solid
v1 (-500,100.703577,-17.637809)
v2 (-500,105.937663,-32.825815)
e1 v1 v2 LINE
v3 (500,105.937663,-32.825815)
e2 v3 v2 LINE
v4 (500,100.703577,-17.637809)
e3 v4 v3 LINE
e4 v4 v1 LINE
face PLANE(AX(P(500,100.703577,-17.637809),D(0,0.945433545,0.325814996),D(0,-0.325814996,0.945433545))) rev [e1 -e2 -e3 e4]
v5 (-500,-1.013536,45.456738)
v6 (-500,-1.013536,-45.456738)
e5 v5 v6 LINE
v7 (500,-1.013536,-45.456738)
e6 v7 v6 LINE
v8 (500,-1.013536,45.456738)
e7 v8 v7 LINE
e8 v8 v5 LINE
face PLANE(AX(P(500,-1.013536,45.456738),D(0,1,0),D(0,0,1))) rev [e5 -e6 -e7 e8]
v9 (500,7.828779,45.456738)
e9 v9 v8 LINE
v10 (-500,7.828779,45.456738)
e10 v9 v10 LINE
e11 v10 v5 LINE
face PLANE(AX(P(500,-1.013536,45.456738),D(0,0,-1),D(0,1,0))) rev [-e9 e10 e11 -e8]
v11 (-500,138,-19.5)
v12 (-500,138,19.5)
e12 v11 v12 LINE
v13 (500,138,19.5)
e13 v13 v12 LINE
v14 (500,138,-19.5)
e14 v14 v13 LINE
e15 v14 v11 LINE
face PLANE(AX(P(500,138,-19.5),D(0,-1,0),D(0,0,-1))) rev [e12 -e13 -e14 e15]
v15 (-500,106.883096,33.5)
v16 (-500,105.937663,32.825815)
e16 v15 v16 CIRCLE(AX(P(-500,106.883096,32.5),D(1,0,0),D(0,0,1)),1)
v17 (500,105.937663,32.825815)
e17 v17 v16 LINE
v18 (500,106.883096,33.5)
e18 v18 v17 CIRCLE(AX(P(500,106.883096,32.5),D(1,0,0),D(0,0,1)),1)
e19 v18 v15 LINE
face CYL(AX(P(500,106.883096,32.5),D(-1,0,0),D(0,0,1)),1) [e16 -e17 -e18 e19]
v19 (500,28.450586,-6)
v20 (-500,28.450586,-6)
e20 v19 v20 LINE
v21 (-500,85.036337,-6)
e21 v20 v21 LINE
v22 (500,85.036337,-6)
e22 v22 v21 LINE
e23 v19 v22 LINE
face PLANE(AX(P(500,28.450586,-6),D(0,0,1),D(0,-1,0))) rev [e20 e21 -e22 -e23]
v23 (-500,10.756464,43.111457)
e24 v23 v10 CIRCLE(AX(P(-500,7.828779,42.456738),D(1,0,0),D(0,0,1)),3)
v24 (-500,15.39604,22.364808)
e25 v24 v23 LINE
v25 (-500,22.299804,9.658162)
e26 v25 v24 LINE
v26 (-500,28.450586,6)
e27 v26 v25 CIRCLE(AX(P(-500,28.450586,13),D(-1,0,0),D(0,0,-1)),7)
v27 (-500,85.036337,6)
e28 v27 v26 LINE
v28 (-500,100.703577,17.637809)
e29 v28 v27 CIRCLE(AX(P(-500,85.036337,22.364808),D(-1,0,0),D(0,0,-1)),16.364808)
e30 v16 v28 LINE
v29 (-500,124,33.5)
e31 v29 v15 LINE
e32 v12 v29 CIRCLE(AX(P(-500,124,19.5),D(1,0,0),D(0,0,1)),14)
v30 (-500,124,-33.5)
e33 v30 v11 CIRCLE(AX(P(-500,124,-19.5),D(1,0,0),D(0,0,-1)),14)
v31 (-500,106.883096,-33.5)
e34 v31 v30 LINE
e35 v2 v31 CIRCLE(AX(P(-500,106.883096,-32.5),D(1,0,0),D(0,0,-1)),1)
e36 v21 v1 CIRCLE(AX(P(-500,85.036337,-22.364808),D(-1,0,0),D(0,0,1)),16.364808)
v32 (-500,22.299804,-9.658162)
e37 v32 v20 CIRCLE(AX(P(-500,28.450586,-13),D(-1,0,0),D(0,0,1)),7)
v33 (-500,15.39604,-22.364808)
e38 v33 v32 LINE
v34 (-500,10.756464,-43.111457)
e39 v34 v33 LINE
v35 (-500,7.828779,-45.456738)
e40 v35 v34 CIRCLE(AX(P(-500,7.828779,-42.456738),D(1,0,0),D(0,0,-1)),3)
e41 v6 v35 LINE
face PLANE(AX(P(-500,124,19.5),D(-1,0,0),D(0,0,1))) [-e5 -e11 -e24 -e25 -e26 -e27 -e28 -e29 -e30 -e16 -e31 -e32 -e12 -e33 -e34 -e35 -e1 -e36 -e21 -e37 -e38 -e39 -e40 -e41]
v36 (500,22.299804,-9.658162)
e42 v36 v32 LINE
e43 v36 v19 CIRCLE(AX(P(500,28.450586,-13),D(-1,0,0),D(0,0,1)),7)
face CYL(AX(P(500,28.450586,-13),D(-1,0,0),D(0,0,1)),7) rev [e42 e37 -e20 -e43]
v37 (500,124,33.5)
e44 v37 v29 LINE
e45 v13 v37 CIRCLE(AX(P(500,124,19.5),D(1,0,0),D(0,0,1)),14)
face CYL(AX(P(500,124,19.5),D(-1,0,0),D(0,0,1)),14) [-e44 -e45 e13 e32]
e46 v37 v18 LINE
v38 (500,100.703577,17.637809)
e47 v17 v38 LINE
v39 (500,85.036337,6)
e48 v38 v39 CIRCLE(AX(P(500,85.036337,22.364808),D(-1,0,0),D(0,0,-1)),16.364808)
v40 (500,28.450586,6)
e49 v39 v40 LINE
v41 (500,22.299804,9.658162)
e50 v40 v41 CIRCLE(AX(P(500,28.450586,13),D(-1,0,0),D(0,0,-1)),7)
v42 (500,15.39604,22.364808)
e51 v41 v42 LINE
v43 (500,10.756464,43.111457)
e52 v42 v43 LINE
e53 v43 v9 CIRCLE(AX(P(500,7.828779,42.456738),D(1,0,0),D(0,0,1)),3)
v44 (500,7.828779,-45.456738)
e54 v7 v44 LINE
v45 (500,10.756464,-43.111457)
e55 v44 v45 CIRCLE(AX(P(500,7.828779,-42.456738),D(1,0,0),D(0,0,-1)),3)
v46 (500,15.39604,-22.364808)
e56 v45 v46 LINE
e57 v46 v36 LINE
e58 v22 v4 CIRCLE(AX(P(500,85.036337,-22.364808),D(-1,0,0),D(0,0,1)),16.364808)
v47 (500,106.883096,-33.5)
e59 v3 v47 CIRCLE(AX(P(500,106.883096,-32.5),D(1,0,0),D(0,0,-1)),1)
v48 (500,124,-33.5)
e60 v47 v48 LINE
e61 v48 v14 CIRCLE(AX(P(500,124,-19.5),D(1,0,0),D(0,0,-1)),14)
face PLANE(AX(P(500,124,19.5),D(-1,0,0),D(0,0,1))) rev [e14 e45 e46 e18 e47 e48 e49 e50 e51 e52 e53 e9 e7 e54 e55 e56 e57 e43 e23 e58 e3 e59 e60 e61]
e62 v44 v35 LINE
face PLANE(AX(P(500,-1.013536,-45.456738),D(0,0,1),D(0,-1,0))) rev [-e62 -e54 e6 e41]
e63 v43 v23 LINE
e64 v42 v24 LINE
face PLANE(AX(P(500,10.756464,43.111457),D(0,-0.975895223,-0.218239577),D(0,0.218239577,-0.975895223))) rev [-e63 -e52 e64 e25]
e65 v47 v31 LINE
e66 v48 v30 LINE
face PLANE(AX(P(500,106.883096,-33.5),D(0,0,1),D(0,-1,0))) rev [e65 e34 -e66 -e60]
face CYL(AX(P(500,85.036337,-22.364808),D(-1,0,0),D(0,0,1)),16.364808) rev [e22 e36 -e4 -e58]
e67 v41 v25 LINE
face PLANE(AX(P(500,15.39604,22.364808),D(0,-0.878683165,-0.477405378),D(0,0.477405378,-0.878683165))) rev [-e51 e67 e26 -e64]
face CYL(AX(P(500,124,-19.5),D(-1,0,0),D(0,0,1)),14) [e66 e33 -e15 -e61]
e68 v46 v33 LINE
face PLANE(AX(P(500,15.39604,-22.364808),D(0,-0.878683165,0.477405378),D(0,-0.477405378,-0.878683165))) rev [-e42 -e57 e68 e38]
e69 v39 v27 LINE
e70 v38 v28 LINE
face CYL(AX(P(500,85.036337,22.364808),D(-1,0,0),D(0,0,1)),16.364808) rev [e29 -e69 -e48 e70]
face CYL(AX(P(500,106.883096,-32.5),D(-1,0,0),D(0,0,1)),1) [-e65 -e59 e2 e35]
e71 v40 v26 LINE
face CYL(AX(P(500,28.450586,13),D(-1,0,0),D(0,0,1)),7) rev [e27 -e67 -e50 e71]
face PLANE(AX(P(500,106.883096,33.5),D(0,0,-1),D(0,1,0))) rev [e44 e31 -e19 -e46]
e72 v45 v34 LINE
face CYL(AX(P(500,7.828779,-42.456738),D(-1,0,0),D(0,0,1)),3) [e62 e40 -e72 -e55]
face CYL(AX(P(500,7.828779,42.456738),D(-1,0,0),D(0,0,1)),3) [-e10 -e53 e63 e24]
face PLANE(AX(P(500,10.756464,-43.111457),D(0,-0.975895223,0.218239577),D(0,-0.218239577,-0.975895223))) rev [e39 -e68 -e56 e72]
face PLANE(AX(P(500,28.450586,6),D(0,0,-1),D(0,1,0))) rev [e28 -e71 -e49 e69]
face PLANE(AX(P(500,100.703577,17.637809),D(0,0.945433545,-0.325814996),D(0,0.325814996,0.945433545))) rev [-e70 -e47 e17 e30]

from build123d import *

# Parameters (mm, degrees)
AUFSATZ_LINEAR_AUSTRAGEN1_DEPTH = 500


with BuildPart() as part:
    # Skizze1 → Aufsatz-Linear austragen1 (new body, symmetric)
    with BuildSketch(Plane(origin=(0, 0, 0), x_dir=(0, 0, -1), z_dir=(1, 0, 0))):
        with BuildLine():
            Line((-45.456738262, -1.013535579), (45.456738262, -1.013535579))
            Line((45.456738262, -1.013535579), (45.456738262, 7.828778751))
            ThreePointArc((45.456738262, 7.828778751), (44.798122061, 9.704391159), (43.111456992, 10.756464421))
            Line((43.111456992, 10.756464421), (22.36480763, 15.396040337))
            Line((22.36480763, 15.396040337), (9.658162352, 22.299803874))
            ThreePointArc((9.658162352, 22.299803874), (6.983652955, 24.872378626), (6, 28.45058603))
            Line((6, 28.45058603), (6, 85.036336881))
            ThreePointArc((6, 85.036336881), (9.227773203, 94.794679734), (17.637809302, 100.703577084))
            Line((17.637809302, 100.703577084), (32.825814996, 105.937662587))
            ThreePointArc((32.825814996, 105.937662587), (33.314191315, 106.302499454), (33.5, 106.883096132))
            Line((33.5, 106.883096132), (33.5, 124))
            ThreePointArc((33.5, 124), (29.399494937, 133.899494937), (19.5, 138))
            Line((19.5, 138), (-19.5, 138))
            ThreePointArc((-19.5, 138), (-29.399494937, 133.899494937), (-33.5, 124))
            Line((-33.5, 124), (-33.5, 106.883096132))
            ThreePointArc((-33.5, 106.883096132), (-33.314191315, 106.302499454), (-32.825814996, 105.937662587))
            Line((-32.825814996, 105.937662587), (-17.637809302, 100.703577084))
            ThreePointArc((-17.637809302, 100.703577084), (-9.227773203, 94.794679734), (-6, 85.036336881))
            Line((-6, 85.036336881), (-6, 28.45058603))
            ThreePointArc((-6, 28.45058603), (-6.983652955, 24.872378626), (-9.658162352, 22.299803874))
            Line((-9.658162352, 22.299803874), (-22.36480763, 15.396040337))
            Line((-22.36480763, 15.396040337), (-43.111456992, 10.756464421))
            ThreePointArc((-43.111456992, 10.756464421), (-44.798122061, 9.704391159), (-45.456738262, 7.828778751))
            Line((-45.456738262, 7.828778751), (-45.456738262, -1.013535579))
        make_face()
    extrude(amount=AUFSATZ_LINEAR_AUSTRAGEN1_DEPTH, both=True)


solid = part.part
